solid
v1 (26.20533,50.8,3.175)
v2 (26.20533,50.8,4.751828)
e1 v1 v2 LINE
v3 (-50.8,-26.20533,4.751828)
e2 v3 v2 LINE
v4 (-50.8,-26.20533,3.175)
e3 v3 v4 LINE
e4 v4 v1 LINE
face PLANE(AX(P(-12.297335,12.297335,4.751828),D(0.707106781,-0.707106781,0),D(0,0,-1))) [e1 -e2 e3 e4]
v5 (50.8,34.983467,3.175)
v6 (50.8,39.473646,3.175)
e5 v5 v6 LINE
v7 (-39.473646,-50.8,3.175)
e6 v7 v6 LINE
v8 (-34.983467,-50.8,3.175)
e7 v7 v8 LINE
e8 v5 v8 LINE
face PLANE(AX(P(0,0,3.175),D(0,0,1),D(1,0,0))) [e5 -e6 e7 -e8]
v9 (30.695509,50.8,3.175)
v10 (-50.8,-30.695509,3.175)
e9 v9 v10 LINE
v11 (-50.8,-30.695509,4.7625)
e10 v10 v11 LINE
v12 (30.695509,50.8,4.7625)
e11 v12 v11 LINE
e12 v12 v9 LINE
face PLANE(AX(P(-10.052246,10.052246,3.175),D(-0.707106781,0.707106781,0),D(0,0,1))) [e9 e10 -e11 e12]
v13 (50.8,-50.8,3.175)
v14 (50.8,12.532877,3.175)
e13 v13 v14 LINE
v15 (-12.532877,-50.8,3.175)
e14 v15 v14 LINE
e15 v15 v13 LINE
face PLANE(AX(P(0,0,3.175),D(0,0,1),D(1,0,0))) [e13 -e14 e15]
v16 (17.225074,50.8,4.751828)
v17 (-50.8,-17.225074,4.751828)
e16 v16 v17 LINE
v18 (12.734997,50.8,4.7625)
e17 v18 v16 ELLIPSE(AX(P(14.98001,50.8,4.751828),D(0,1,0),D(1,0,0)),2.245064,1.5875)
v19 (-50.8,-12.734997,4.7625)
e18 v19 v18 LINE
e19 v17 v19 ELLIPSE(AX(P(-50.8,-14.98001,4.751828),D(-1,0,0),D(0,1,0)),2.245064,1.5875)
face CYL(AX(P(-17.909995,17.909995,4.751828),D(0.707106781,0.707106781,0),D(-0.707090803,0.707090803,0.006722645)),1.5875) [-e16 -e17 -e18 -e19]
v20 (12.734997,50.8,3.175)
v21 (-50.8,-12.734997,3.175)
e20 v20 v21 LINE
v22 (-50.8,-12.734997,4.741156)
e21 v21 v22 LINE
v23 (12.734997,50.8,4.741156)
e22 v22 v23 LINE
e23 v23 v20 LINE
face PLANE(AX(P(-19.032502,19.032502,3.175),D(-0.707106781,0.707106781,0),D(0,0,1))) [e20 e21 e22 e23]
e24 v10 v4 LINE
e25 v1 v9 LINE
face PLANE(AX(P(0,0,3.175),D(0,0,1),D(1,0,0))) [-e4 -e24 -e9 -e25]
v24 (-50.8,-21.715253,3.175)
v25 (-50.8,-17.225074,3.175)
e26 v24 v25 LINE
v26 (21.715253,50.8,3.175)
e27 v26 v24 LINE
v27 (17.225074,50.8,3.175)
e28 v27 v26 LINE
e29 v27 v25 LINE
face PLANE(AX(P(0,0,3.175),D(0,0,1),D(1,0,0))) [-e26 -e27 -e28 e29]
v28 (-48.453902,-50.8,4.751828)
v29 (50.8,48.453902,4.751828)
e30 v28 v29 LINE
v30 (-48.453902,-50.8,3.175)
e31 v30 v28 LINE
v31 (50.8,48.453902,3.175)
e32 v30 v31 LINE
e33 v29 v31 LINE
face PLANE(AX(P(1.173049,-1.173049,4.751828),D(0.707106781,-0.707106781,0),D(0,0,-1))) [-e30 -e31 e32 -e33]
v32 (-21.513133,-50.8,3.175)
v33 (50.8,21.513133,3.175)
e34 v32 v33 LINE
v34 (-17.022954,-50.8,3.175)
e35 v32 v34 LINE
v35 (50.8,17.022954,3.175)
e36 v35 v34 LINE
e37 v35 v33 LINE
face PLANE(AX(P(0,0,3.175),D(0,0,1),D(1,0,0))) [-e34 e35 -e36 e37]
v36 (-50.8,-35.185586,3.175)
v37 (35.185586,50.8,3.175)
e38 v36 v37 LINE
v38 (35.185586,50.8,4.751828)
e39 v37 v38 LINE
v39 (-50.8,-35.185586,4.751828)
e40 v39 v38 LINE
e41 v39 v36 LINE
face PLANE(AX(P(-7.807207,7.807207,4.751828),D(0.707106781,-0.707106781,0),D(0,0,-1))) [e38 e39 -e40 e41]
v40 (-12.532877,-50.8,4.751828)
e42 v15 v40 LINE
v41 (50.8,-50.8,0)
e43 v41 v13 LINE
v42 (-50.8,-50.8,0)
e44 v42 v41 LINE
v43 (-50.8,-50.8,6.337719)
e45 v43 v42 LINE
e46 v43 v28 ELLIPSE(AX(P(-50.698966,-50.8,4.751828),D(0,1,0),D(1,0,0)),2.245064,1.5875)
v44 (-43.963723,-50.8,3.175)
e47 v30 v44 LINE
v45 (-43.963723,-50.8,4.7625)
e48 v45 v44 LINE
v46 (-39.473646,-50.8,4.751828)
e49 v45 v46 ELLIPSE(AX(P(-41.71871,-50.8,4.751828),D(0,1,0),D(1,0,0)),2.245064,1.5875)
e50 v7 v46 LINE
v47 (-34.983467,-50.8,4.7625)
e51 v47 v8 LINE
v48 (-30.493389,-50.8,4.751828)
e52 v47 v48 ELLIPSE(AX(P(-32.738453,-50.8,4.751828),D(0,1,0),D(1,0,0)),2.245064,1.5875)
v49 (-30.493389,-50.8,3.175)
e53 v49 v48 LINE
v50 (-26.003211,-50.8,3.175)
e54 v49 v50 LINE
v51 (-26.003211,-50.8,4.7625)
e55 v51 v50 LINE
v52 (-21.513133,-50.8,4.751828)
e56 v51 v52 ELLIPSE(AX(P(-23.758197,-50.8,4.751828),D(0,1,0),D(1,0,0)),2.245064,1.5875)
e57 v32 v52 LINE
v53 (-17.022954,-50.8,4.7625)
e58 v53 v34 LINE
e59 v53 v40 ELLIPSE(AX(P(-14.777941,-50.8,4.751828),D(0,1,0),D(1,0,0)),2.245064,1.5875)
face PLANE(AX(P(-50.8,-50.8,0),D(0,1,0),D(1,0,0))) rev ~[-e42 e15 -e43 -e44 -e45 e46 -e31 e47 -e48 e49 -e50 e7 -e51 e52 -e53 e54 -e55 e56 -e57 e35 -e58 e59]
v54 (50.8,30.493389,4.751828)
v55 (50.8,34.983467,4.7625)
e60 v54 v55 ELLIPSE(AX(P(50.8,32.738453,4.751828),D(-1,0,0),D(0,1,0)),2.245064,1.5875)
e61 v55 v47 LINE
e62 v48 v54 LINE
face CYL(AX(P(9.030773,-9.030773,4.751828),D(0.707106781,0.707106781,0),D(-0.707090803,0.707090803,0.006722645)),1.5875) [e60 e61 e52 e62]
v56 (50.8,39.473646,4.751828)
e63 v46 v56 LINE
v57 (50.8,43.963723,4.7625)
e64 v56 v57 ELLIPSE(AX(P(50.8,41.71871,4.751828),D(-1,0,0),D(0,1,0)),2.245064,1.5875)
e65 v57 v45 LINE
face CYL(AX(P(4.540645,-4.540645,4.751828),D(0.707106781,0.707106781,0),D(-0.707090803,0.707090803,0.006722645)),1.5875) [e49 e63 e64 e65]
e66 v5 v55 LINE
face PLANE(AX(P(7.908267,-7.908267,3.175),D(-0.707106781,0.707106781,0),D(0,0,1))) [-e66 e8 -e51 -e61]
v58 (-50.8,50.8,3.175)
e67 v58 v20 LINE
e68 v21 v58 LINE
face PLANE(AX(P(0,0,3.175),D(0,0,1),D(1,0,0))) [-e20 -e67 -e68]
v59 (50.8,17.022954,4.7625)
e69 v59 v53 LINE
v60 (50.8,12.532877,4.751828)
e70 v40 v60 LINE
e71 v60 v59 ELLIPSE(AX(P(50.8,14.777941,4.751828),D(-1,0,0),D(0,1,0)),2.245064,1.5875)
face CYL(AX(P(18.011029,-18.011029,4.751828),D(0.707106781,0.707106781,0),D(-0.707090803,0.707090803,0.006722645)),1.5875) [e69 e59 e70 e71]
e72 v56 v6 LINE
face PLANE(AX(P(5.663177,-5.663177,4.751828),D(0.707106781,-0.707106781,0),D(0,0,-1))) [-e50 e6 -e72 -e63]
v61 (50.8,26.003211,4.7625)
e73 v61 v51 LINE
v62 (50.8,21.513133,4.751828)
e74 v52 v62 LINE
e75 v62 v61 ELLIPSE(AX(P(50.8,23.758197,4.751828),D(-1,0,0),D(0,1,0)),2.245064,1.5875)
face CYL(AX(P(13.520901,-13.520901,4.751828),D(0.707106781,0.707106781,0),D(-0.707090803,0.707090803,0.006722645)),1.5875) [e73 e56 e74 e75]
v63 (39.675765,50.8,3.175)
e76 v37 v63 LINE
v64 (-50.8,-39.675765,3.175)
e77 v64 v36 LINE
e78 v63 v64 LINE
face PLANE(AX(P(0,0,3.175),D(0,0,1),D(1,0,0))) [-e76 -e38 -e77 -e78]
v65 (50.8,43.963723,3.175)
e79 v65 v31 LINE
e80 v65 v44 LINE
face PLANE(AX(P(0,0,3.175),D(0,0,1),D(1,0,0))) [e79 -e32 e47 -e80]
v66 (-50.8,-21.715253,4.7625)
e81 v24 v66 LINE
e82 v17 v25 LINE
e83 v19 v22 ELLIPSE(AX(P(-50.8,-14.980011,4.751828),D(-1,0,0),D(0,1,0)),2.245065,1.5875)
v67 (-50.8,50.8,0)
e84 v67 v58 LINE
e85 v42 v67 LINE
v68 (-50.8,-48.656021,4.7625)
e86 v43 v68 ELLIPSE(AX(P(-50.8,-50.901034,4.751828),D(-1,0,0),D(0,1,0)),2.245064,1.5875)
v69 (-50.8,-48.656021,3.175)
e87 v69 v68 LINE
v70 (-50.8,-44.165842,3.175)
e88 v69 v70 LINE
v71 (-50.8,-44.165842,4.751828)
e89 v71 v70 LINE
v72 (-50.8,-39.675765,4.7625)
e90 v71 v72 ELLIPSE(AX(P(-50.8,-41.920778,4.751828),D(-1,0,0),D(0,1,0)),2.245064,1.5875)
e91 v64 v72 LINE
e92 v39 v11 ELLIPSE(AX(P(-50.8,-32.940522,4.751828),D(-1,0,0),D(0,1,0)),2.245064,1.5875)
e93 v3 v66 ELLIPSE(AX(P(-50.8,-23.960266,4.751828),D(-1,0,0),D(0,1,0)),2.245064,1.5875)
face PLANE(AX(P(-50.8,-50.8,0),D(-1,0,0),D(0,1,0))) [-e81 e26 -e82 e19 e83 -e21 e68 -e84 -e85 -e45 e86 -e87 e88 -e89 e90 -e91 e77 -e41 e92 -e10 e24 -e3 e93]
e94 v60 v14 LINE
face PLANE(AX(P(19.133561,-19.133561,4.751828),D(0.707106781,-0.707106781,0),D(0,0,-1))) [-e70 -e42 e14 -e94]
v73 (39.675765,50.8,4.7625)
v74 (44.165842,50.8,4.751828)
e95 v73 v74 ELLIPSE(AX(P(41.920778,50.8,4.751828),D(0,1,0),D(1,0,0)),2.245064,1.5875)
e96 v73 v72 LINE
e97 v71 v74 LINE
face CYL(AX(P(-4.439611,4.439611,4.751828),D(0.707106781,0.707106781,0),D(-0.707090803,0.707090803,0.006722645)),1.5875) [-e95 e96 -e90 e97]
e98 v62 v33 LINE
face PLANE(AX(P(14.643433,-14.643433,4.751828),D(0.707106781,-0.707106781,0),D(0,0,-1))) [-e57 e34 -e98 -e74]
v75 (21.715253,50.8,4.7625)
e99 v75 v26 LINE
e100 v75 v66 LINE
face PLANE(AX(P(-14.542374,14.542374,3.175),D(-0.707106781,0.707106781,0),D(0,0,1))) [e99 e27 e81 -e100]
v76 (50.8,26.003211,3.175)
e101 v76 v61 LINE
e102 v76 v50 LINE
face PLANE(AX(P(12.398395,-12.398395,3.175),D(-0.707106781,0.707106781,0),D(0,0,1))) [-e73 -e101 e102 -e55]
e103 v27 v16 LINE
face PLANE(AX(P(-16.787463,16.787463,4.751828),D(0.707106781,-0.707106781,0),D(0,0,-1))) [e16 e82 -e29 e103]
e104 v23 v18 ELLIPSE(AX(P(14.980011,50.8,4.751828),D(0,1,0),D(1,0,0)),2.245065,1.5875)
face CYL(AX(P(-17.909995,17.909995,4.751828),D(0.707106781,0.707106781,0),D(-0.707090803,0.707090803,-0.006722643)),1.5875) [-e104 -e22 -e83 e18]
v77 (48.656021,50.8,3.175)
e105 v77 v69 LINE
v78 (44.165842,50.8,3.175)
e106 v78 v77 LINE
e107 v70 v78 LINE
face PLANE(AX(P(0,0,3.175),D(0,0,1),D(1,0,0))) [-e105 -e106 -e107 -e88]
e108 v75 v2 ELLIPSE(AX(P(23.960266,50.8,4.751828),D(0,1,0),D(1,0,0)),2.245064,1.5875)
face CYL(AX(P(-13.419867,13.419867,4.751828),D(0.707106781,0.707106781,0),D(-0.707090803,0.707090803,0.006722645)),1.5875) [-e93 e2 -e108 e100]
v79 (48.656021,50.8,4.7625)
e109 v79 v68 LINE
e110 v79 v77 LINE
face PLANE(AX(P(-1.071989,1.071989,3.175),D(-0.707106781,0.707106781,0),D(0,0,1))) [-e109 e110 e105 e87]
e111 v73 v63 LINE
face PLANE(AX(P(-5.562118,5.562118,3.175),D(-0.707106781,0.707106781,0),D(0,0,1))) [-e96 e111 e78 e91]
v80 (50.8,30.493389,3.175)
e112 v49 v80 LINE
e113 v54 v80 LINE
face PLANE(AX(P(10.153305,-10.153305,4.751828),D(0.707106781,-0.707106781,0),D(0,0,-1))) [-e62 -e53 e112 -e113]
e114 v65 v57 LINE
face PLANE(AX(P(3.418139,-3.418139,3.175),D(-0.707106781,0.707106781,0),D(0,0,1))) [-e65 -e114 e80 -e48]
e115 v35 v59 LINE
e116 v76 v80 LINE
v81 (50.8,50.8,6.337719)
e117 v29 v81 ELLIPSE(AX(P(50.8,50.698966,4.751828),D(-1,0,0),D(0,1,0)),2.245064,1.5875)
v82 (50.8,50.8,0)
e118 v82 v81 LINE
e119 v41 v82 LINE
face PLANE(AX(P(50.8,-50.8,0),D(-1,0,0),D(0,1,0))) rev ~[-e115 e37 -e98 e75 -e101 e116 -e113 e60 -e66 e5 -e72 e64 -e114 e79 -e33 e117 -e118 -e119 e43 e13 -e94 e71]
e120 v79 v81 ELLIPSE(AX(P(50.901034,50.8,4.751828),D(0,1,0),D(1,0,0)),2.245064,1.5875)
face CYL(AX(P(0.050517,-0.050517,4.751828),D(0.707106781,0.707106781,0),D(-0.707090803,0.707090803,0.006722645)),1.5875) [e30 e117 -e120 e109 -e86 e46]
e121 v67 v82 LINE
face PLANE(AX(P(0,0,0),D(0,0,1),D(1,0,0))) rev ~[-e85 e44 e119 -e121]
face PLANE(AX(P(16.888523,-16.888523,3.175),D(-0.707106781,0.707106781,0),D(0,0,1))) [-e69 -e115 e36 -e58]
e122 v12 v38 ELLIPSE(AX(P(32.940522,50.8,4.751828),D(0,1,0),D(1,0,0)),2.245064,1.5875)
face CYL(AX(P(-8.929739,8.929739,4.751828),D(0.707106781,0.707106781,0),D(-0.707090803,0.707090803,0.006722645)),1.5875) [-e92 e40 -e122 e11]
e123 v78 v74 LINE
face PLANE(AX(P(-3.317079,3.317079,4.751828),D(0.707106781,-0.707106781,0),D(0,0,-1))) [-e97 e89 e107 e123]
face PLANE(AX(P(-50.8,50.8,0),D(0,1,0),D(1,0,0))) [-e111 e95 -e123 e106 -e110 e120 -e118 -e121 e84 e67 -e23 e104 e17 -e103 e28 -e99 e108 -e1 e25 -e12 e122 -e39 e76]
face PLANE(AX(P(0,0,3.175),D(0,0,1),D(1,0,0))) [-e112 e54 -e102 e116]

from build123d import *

# Parameters (mm, degrees)
F0_W      = 101.6
F0_H      = 101.6
F1_DEPTH  = 3.175
F5_DEPTH  = 50.8
F6_DEPTH  = 57.15
F7_DEPTH  = 63.5
F8_DEPTH  = 69.85
F9_DEPTH  = 76.2
F10_DEPTH = 69.85
F11_DEPTH = 63.5
F12_DEPTH = 57.15
F13_DEPTH = 50.8
F14_W     = 126.8053464592
F14_H     = 131.9155991077
F14_W_2   = 101.6
F14_H_2   = 101.6
F15_DEPTH = 12.7


with BuildPart() as f1:
    # F0 (on Top) → F1 (new body)
    with BuildSketch(Plane.XY):
        Rectangle(F0_W, F0_H)
    extrude(amount=F1_DEPTH)

    # F4 (on line) → F5 (join, symmetric)
    with BuildSketch(Plane(origin=(0, 0, 0), x_dir=(-0.7071067812, 0.7071067812, 0), z_dir=(0.7071067812, 0.7071067812, 0))):
        with BuildLine():
            Line((26.9160220652, 3.175), (26.9160220652, 4.7411556013))
            ThreePointArc((26.9160220652, 4.7411556013), (26.9160579383, 4.7518278006), (26.9160220652, 4.7625))
            ThreePointArc((26.9160220652, 4.7625), (25.3232218085, 6.3393188323), (23.7410579383, 4.7518278006))
            Line((23.7410579383, 4.7518278006), (23.7410579383, 3.175))
            Line((23.7410579383, 3.175), (26.9160220652, 3.175))
        make_face()
    extrude(amount=F5_DEPTH, both=True)

    # F4 (on line) → F6 (join, symmetric)
    with BuildSketch(Plane(origin=(0, 0, 0), x_dir=(-0.7071067812, 0.7071067812, 0), z_dir=(0.7071067812, 0.7071067812, 0))):
        with BuildLine():
            ThreePointArc((20.5660220652, 4.7625), (18.9732218085, 6.3393188323), (17.3910579383, 4.7518278006))
            Line((17.3910579383, 4.7518278006), (17.3910579383, 3.175))
            Line((17.3910579383, 3.175), (20.5660220652, 3.175))
            Line((20.5660220652, 3.175), (20.5660220652, 4.7411556013))
            Line((20.5660220652, 4.7411556013), (20.5660220652, 4.7625))
        make_face()
    extrude(amount=F6_DEPTH, both=True)

    # F4 (on line) → F7 (join, symmetric)
    with BuildSketch(Plane(origin=(0, 0, 0), x_dir=(-0.7071067812, 0.7071067812, 0), z_dir=(0.7071067812, 0.7071067812, 0))):
        with BuildLine():
            ThreePointArc((14.2160220652, 4.7625), (12.6232218085, 6.3393188323), (11.0410579383, 4.7518278006))
            Line((11.0410579383, 4.7518278006), (11.0410579383, 3.175))
            Line((11.0410579383, 3.175), (14.2160220652, 3.175))
            Line((14.2160220652, 3.175), (14.2160220652, 4.7411556013))
            Line((14.2160220652, 4.7411556013), (14.2160220652, 4.7625))
        make_face()
    extrude(amount=F7_DEPTH, both=True)

    # F4 (on line) → F8 (join, symmetric)
    with BuildSketch(Plane(origin=(0, 0, 0), x_dir=(-0.7071067812, 0.7071067812, 0), z_dir=(0.7071067812, 0.7071067812, 0))):
        with BuildLine():
            ThreePointArc((7.8660220652, 4.7625), (6.2732218085, 6.3393188323), (4.6910579383, 4.7518278006))
            Line((4.6910579383, 4.7518278006), (4.6910579383, 3.175))
            Line((4.6910579383, 3.175), (7.8660220652, 3.175))
            Line((7.8660220652, 3.175), (7.8660220652, 4.7411556013))
            Line((7.8660220652, 4.7411556013), (7.8660220652, 4.7625))
        make_face()
    extrude(amount=F8_DEPTH, both=True)

    # F4 (on line) → F9 (join, symmetric)
    with BuildSketch(Plane(origin=(0, 0, 0), x_dir=(-0.7071067812, 0.7071067812, 0), z_dir=(0.7071067812, 0.7071067812, 0))):
        with BuildLine():
            ThreePointArc((1.5160220652, 4.7625), (-0.0767781915, 6.3393188323), (-1.6589420617, 4.7518278006))
            Line((-1.6589420617, 4.7518278006), (-1.6589420617, 3.175))
            Line((-1.6589420617, 3.175), (1.5160220652, 3.175))
            Line((1.5160220652, 3.175), (1.5160220652, 4.7411556013))
            Line((1.5160220652, 4.7411556013), (1.5160220652, 4.7625))
        make_face()
    extrude(amount=F9_DEPTH, both=True)

    # F4 (on line) → F10 (join, symmetric)
    with BuildSketch(Plane(origin=(0, 0, 0), x_dir=(-0.7071067812, 0.7071067812, 0), z_dir=(0.7071067812, 0.7071067812, 0))):
        with BuildLine():
            ThreePointArc((-4.8339779348, 4.7625), (-6.4267781915, 6.3393188323), (-8.0089420617, 4.7518278006))
            Line((-8.0089420617, 4.7518278006), (-8.0089420617, 3.175))
            Line((-8.0089420617, 3.175), (-4.8339779348, 3.175))
            Line((-4.8339779348, 3.175), (-4.8339779348, 4.7411556013))
            Line((-4.8339779348, 4.7411556013), (-4.8339779348, 4.7625))
        make_face()
    extrude(amount=F10_DEPTH, both=True)

    # F4 (on line) → F11 (join, symmetric)
    with BuildSketch(Plane(origin=(0, 0, 0), x_dir=(-0.7071067812, 0.7071067812, 0), z_dir=(0.7071067812, 0.7071067812, 0))):
        with BuildLine():
            ThreePointArc((-11.1839779348, 4.7625), (-12.7767781915, 6.3393188323), (-14.3589420617, 4.7518278006))
            Line((-14.3589420617, 4.7518278006), (-14.3589420617, 3.175))
            Line((-14.3589420617, 3.175), (-11.1839779348, 3.175))
            Line((-11.1839779348, 3.175), (-11.1839779348, 4.7411556013))
            Line((-11.1839779348, 4.7411556013), (-11.1839779348, 4.7625))
        make_face()
    extrude(amount=F11_DEPTH, both=True)

    # F4 (on line) → F12 (join, symmetric)
    with BuildSketch(Plane(origin=(0, 0, 0), x_dir=(-0.7071067812, 0.7071067812, 0), z_dir=(0.7071067812, 0.7071067812, 0))):
        with BuildLine():
            ThreePointArc((-17.5339779348, 4.7625), (-19.1267781915, 6.3393188323), (-20.7089420617, 4.7518278006))
            Line((-20.7089420617, 4.7518278006), (-20.7089420617, 3.175))
            Line((-20.7089420617, 3.175), (-17.5339779348, 3.175))
            Line((-17.5339779348, 3.175), (-17.5339779348, 4.7411556013))
            Line((-17.5339779348, 4.7411556013), (-17.5339779348, 4.7625))
        make_face()
    extrude(amount=F12_DEPTH, both=True)

    # F4 (on line) → F13 (join, symmetric)
    with BuildSketch(Plane(origin=(0, 0, 0), x_dir=(-0.7071067812, 0.7071067812, 0), z_dir=(0.7071067812, 0.7071067812, 0))):
        with BuildLine():
            ThreePointArc((-23.8839779348, 4.7625), (-25.4767781915, 6.3393188323), (-27.0589420617, 4.7518278006))
            Line((-27.0589420617, 4.7518278006), (-27.0589420617, 3.175))
            Line((-27.0589420617, 3.175), (-23.8839779348, 3.175))
            Line((-23.8839779348, 3.175), (-23.8839779348, 4.7411556013))
            Line((-23.8839779348, 4.7411556013), (-23.8839779348, 4.7625))
        make_face()
    extrude(amount=F13_DEPTH, both=True)

    # F14 (on Top) → F15 (cut)
    with BuildSketch(Plane.XY):
        with Locations((0.9669456631, -0.0485852361)):
            Rectangle(F14_W, F14_H)
        Rectangle(F14_W_2, F14_H_2, mode=Mode.SUBTRACT)
    extrude(amount=F15_DEPTH, mode=Mode.SUBTRACT)


solid = f1.part
